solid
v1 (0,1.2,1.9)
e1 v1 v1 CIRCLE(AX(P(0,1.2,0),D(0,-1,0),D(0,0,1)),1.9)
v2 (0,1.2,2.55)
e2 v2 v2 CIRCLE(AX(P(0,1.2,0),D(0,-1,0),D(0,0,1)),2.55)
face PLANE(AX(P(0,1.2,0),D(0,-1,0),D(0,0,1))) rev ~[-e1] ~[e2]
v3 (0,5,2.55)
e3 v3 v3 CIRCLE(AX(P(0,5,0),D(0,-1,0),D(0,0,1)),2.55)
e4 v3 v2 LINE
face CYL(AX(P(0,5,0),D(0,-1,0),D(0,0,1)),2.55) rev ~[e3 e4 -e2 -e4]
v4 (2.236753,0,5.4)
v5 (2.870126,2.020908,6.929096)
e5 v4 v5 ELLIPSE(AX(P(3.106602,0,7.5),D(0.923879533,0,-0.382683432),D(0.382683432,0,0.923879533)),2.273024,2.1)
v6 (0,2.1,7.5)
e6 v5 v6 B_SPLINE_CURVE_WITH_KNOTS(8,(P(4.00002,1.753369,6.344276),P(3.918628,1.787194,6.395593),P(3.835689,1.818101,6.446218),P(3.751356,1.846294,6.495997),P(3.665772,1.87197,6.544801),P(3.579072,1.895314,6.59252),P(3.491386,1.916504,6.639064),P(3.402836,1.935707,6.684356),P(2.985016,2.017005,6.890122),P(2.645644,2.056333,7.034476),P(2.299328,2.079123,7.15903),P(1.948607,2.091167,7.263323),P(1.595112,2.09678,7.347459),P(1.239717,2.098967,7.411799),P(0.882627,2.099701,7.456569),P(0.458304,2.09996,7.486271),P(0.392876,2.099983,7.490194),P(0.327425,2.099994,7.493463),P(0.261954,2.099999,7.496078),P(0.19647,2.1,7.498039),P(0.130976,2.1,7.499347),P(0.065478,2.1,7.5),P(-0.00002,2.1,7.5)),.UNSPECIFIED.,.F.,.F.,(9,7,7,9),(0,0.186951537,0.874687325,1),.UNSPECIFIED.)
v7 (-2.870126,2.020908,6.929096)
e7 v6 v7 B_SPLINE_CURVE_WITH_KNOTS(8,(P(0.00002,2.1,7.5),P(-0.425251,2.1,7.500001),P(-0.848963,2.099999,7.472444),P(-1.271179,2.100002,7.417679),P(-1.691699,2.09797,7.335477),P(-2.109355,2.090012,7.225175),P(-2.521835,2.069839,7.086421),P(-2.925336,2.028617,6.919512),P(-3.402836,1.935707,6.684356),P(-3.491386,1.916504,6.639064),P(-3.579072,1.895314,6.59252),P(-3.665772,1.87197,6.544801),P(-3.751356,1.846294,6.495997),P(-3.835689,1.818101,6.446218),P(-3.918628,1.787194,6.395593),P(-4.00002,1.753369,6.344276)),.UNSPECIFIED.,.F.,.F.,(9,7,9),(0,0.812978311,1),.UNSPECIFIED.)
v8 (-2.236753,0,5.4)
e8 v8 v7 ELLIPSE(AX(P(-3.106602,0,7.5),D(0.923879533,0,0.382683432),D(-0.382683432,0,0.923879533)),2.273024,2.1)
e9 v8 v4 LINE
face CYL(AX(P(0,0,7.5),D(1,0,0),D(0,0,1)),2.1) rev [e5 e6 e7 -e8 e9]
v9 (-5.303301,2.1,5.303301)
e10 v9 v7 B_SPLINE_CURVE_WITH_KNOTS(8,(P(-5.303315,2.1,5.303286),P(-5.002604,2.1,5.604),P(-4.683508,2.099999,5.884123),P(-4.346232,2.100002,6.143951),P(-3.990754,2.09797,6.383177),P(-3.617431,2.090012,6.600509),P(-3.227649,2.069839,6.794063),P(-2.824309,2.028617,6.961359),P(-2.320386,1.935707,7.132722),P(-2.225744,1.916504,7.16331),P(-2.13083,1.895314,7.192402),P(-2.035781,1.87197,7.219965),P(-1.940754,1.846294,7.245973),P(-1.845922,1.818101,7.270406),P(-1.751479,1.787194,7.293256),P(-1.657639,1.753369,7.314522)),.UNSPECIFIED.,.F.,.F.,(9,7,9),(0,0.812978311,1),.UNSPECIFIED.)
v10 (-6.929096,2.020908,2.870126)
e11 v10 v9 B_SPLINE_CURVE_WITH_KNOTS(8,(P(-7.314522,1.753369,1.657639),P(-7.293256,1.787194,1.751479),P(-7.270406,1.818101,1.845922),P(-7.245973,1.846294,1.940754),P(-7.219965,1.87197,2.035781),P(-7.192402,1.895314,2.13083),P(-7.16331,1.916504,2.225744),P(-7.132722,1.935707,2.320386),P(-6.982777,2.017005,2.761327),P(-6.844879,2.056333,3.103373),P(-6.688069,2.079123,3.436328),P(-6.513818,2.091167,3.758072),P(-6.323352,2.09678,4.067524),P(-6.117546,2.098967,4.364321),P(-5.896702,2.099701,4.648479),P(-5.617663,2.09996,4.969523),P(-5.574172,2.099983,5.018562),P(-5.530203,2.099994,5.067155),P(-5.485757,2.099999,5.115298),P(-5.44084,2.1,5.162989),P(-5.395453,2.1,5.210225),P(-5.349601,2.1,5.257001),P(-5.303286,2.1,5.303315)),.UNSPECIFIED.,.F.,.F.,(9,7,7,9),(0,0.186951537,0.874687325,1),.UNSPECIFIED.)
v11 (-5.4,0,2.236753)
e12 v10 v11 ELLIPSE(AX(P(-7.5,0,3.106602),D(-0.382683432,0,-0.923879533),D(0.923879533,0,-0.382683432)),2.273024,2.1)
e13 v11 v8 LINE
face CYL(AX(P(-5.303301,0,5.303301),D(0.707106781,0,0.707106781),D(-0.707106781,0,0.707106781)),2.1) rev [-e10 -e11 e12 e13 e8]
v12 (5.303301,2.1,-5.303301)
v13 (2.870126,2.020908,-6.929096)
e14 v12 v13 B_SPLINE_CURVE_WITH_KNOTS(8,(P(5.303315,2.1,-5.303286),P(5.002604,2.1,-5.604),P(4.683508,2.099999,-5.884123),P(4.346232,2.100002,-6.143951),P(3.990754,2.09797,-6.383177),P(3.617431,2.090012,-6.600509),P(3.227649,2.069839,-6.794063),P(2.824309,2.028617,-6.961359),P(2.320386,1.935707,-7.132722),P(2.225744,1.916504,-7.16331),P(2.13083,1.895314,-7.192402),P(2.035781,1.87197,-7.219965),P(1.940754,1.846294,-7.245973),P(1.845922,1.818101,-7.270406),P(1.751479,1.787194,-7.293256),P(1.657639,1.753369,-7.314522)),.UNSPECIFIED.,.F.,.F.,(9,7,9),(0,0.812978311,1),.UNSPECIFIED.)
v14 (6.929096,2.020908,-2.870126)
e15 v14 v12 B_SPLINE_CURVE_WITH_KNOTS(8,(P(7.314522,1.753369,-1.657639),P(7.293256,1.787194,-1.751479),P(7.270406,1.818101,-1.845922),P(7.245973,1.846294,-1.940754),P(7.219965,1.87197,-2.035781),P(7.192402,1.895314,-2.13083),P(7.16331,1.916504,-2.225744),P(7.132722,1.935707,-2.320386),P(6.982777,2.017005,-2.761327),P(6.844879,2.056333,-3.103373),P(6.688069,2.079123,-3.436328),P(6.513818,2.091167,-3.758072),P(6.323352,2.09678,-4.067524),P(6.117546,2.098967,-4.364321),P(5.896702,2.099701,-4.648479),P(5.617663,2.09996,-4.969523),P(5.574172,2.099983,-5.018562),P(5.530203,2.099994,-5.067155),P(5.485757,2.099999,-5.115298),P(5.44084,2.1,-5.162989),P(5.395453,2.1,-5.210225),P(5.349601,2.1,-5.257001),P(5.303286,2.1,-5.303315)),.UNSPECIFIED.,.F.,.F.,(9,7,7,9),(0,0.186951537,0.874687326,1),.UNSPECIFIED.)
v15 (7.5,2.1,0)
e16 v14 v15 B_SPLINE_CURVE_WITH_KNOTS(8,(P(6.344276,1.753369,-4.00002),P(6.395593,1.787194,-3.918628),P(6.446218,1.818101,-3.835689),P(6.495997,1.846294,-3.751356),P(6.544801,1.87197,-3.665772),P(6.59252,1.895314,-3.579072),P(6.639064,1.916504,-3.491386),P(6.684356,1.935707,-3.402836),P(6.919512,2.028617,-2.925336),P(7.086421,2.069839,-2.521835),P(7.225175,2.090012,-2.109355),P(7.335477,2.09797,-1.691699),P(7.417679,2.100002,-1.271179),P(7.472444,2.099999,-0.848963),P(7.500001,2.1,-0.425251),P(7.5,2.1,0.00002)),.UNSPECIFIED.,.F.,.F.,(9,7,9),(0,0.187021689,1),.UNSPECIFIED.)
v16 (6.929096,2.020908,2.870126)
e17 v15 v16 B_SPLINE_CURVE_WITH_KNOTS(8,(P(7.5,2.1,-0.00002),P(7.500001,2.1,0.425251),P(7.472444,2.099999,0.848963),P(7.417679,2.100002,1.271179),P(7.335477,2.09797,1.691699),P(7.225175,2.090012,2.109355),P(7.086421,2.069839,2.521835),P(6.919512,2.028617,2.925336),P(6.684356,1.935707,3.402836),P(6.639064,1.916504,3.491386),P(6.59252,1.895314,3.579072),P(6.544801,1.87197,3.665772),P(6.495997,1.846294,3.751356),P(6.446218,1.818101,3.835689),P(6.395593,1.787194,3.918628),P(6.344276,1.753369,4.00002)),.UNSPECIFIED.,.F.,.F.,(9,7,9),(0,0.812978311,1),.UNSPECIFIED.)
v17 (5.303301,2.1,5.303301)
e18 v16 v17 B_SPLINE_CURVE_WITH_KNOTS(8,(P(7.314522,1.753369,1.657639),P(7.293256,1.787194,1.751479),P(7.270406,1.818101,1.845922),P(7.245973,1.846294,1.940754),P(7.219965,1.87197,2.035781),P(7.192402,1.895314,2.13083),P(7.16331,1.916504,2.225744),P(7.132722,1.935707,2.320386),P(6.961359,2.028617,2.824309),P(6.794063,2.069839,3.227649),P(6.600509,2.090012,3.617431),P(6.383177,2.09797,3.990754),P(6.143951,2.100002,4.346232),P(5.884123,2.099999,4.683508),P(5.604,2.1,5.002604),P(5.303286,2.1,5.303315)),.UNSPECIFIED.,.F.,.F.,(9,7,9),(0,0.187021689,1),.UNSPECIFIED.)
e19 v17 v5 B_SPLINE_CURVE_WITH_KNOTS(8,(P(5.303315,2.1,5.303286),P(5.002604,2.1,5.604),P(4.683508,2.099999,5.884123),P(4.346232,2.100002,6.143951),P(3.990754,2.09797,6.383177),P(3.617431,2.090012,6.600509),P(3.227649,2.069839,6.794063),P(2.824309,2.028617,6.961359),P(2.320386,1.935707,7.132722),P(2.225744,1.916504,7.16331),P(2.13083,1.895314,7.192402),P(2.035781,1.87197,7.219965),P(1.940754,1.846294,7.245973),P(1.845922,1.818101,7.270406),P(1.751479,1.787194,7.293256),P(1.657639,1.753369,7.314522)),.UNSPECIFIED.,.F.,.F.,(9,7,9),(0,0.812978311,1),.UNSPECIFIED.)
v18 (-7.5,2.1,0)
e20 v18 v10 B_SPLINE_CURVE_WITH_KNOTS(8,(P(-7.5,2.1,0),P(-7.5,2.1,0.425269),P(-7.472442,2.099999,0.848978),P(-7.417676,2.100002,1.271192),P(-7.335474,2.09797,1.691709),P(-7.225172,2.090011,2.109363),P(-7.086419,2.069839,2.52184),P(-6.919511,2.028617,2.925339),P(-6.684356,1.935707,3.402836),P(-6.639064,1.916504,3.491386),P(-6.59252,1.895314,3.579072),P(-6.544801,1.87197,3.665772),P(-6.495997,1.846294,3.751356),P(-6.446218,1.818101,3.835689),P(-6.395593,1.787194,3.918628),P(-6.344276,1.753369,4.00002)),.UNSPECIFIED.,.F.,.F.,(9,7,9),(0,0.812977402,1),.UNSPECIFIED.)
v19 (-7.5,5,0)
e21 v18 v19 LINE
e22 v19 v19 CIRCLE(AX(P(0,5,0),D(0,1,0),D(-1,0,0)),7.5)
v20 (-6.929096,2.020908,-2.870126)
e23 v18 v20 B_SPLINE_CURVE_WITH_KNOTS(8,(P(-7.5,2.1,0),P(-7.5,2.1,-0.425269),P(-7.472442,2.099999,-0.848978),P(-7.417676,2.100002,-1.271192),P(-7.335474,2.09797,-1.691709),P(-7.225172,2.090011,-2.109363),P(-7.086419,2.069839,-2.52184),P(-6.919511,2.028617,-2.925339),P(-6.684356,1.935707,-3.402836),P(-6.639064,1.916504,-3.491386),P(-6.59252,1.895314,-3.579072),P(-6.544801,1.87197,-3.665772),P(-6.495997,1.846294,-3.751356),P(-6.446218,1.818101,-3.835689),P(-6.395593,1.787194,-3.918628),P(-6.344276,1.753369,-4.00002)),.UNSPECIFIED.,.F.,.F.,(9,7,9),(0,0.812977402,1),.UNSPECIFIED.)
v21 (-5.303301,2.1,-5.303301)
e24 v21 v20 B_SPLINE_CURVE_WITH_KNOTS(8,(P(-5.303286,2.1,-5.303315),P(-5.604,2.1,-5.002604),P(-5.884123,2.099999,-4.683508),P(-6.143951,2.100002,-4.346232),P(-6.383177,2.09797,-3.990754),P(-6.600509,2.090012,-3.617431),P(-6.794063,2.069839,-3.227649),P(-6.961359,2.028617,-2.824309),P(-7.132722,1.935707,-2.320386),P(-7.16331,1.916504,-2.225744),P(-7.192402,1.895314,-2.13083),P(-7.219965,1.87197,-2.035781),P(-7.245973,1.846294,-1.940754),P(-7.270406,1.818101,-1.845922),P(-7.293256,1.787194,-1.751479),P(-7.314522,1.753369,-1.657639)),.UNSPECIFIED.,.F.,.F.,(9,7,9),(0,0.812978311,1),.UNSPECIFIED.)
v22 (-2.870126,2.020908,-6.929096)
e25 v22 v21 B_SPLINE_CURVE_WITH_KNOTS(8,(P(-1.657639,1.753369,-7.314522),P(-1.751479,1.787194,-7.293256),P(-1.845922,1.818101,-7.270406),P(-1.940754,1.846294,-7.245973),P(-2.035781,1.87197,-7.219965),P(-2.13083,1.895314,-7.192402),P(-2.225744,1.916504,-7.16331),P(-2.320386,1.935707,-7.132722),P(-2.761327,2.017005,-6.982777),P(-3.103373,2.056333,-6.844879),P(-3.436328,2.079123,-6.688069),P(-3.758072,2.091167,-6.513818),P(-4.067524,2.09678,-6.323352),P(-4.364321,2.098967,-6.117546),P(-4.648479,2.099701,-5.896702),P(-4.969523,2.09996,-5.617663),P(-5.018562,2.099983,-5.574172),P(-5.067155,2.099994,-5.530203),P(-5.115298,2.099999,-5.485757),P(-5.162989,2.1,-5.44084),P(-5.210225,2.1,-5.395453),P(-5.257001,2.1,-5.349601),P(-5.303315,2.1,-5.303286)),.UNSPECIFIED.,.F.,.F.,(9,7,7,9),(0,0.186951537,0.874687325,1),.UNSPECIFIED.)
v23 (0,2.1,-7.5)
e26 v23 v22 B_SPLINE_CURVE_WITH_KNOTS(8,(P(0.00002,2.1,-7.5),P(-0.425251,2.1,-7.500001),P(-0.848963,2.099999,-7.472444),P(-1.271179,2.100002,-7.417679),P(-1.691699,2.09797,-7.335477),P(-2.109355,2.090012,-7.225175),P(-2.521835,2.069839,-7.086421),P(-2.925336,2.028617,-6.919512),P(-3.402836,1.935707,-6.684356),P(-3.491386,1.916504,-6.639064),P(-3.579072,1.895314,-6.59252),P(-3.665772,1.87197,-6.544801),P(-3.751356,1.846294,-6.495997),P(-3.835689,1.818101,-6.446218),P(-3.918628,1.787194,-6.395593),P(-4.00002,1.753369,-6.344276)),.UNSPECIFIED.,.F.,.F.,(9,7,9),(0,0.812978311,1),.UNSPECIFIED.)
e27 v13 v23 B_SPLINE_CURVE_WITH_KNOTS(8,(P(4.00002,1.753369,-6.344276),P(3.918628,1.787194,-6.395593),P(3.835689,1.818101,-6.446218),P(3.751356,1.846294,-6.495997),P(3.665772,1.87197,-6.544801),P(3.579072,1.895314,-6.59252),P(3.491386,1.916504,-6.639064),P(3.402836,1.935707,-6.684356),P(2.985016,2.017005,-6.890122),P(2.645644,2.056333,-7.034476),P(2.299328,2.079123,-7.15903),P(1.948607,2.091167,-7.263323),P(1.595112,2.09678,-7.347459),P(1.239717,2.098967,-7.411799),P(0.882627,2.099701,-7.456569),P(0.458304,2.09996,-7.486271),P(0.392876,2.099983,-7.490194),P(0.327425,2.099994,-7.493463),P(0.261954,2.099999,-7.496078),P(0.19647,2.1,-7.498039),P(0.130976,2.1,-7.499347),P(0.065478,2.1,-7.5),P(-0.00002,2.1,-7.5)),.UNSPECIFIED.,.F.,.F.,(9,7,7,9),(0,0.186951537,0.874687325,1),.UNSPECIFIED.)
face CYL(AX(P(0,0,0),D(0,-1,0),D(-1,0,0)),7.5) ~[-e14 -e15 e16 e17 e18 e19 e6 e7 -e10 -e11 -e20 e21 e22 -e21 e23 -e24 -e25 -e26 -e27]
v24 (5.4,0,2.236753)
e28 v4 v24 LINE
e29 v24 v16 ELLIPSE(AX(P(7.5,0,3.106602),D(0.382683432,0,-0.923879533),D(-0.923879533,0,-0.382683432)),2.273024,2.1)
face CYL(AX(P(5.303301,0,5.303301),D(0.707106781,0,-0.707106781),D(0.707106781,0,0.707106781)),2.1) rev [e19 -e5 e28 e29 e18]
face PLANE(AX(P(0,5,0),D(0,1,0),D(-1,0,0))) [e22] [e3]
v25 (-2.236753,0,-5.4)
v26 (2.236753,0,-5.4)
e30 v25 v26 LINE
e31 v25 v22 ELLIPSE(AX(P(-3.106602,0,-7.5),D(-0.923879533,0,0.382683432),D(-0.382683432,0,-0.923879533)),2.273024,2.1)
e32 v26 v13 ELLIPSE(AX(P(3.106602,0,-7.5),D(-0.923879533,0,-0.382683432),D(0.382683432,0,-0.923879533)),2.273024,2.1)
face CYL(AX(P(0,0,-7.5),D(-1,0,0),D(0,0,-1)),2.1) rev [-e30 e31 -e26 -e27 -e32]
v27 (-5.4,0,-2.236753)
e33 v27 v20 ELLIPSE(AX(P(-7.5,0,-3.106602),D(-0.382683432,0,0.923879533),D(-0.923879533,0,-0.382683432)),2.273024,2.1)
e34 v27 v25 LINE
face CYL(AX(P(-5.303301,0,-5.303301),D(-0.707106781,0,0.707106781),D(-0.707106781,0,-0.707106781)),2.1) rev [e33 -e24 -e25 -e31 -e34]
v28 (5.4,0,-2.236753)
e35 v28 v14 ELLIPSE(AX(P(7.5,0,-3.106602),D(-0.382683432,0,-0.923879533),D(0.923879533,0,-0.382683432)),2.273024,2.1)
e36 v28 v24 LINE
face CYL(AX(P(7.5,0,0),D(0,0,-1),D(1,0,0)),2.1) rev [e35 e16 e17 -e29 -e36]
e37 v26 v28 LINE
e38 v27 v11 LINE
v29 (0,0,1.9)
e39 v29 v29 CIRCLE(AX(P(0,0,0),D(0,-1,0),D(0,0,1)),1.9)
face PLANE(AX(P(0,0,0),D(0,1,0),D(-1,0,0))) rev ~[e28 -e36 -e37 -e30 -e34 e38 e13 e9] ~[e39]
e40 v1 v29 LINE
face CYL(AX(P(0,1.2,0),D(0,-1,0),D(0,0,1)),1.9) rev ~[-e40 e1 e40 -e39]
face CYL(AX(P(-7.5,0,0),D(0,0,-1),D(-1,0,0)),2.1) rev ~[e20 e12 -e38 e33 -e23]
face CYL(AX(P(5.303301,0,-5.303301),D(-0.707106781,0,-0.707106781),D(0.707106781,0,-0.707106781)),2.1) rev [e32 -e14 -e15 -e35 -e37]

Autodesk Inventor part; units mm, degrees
ref_plane "YZ Plane" through (0, 0, 0) normal (1, 0, 0) x (0, 1, 0)
ref_plane "XZ Plane" through (0, 0, 0) normal (0, 1, 0) x (-1, 0, 0)
ref_plane "XY Plane" through (0, 0, 0) normal (0, 0, 1) x (1, 0, 0)
sketch "Sketch1" plane through (0, 0, 0) normal (0, 1, 0) x (-1, 0, 0)
  circle A0 centre (0, 0) radius 7.5
  dimension "d0" = 15
extrude "Extrusion1" add sketch "Sketch1" along normal blind 5
sketch "Sketch2" plane through (0, 0, 0) normal (0, 0, 1) x (1, 0, 0)
  line L0 (-7.5, 0) -> (7.5, 0) projected
  line L1 (0, 0) -> (7.5, 0)
  circle A0 centre (7.5, 0) radius 2.1
  dimension "d3" = 4.2
extrude "Extrusion2" cut sketch "Sketch2" along normal mid plane 8
pattern_circular "Circular Pattern1" count 8 over 360 about axis through (0, 0, 0) along (0, 1, 0) of "Extrusion2"
sketch "Sketch3" plane through (0, 5, 0) normal (0, 1, 0) x (1, 0, 0)
  circle A0 centre (0, 0) radius 2.55
  dimension "d9" = 5.1
hole "Hole1" at (0, 5, 0) direction (0, -1, 0) diameter 3.8 end through all counterbore diameter 5.1 counterbore depth 3.8
properties part number "Restraining_cylinder"
